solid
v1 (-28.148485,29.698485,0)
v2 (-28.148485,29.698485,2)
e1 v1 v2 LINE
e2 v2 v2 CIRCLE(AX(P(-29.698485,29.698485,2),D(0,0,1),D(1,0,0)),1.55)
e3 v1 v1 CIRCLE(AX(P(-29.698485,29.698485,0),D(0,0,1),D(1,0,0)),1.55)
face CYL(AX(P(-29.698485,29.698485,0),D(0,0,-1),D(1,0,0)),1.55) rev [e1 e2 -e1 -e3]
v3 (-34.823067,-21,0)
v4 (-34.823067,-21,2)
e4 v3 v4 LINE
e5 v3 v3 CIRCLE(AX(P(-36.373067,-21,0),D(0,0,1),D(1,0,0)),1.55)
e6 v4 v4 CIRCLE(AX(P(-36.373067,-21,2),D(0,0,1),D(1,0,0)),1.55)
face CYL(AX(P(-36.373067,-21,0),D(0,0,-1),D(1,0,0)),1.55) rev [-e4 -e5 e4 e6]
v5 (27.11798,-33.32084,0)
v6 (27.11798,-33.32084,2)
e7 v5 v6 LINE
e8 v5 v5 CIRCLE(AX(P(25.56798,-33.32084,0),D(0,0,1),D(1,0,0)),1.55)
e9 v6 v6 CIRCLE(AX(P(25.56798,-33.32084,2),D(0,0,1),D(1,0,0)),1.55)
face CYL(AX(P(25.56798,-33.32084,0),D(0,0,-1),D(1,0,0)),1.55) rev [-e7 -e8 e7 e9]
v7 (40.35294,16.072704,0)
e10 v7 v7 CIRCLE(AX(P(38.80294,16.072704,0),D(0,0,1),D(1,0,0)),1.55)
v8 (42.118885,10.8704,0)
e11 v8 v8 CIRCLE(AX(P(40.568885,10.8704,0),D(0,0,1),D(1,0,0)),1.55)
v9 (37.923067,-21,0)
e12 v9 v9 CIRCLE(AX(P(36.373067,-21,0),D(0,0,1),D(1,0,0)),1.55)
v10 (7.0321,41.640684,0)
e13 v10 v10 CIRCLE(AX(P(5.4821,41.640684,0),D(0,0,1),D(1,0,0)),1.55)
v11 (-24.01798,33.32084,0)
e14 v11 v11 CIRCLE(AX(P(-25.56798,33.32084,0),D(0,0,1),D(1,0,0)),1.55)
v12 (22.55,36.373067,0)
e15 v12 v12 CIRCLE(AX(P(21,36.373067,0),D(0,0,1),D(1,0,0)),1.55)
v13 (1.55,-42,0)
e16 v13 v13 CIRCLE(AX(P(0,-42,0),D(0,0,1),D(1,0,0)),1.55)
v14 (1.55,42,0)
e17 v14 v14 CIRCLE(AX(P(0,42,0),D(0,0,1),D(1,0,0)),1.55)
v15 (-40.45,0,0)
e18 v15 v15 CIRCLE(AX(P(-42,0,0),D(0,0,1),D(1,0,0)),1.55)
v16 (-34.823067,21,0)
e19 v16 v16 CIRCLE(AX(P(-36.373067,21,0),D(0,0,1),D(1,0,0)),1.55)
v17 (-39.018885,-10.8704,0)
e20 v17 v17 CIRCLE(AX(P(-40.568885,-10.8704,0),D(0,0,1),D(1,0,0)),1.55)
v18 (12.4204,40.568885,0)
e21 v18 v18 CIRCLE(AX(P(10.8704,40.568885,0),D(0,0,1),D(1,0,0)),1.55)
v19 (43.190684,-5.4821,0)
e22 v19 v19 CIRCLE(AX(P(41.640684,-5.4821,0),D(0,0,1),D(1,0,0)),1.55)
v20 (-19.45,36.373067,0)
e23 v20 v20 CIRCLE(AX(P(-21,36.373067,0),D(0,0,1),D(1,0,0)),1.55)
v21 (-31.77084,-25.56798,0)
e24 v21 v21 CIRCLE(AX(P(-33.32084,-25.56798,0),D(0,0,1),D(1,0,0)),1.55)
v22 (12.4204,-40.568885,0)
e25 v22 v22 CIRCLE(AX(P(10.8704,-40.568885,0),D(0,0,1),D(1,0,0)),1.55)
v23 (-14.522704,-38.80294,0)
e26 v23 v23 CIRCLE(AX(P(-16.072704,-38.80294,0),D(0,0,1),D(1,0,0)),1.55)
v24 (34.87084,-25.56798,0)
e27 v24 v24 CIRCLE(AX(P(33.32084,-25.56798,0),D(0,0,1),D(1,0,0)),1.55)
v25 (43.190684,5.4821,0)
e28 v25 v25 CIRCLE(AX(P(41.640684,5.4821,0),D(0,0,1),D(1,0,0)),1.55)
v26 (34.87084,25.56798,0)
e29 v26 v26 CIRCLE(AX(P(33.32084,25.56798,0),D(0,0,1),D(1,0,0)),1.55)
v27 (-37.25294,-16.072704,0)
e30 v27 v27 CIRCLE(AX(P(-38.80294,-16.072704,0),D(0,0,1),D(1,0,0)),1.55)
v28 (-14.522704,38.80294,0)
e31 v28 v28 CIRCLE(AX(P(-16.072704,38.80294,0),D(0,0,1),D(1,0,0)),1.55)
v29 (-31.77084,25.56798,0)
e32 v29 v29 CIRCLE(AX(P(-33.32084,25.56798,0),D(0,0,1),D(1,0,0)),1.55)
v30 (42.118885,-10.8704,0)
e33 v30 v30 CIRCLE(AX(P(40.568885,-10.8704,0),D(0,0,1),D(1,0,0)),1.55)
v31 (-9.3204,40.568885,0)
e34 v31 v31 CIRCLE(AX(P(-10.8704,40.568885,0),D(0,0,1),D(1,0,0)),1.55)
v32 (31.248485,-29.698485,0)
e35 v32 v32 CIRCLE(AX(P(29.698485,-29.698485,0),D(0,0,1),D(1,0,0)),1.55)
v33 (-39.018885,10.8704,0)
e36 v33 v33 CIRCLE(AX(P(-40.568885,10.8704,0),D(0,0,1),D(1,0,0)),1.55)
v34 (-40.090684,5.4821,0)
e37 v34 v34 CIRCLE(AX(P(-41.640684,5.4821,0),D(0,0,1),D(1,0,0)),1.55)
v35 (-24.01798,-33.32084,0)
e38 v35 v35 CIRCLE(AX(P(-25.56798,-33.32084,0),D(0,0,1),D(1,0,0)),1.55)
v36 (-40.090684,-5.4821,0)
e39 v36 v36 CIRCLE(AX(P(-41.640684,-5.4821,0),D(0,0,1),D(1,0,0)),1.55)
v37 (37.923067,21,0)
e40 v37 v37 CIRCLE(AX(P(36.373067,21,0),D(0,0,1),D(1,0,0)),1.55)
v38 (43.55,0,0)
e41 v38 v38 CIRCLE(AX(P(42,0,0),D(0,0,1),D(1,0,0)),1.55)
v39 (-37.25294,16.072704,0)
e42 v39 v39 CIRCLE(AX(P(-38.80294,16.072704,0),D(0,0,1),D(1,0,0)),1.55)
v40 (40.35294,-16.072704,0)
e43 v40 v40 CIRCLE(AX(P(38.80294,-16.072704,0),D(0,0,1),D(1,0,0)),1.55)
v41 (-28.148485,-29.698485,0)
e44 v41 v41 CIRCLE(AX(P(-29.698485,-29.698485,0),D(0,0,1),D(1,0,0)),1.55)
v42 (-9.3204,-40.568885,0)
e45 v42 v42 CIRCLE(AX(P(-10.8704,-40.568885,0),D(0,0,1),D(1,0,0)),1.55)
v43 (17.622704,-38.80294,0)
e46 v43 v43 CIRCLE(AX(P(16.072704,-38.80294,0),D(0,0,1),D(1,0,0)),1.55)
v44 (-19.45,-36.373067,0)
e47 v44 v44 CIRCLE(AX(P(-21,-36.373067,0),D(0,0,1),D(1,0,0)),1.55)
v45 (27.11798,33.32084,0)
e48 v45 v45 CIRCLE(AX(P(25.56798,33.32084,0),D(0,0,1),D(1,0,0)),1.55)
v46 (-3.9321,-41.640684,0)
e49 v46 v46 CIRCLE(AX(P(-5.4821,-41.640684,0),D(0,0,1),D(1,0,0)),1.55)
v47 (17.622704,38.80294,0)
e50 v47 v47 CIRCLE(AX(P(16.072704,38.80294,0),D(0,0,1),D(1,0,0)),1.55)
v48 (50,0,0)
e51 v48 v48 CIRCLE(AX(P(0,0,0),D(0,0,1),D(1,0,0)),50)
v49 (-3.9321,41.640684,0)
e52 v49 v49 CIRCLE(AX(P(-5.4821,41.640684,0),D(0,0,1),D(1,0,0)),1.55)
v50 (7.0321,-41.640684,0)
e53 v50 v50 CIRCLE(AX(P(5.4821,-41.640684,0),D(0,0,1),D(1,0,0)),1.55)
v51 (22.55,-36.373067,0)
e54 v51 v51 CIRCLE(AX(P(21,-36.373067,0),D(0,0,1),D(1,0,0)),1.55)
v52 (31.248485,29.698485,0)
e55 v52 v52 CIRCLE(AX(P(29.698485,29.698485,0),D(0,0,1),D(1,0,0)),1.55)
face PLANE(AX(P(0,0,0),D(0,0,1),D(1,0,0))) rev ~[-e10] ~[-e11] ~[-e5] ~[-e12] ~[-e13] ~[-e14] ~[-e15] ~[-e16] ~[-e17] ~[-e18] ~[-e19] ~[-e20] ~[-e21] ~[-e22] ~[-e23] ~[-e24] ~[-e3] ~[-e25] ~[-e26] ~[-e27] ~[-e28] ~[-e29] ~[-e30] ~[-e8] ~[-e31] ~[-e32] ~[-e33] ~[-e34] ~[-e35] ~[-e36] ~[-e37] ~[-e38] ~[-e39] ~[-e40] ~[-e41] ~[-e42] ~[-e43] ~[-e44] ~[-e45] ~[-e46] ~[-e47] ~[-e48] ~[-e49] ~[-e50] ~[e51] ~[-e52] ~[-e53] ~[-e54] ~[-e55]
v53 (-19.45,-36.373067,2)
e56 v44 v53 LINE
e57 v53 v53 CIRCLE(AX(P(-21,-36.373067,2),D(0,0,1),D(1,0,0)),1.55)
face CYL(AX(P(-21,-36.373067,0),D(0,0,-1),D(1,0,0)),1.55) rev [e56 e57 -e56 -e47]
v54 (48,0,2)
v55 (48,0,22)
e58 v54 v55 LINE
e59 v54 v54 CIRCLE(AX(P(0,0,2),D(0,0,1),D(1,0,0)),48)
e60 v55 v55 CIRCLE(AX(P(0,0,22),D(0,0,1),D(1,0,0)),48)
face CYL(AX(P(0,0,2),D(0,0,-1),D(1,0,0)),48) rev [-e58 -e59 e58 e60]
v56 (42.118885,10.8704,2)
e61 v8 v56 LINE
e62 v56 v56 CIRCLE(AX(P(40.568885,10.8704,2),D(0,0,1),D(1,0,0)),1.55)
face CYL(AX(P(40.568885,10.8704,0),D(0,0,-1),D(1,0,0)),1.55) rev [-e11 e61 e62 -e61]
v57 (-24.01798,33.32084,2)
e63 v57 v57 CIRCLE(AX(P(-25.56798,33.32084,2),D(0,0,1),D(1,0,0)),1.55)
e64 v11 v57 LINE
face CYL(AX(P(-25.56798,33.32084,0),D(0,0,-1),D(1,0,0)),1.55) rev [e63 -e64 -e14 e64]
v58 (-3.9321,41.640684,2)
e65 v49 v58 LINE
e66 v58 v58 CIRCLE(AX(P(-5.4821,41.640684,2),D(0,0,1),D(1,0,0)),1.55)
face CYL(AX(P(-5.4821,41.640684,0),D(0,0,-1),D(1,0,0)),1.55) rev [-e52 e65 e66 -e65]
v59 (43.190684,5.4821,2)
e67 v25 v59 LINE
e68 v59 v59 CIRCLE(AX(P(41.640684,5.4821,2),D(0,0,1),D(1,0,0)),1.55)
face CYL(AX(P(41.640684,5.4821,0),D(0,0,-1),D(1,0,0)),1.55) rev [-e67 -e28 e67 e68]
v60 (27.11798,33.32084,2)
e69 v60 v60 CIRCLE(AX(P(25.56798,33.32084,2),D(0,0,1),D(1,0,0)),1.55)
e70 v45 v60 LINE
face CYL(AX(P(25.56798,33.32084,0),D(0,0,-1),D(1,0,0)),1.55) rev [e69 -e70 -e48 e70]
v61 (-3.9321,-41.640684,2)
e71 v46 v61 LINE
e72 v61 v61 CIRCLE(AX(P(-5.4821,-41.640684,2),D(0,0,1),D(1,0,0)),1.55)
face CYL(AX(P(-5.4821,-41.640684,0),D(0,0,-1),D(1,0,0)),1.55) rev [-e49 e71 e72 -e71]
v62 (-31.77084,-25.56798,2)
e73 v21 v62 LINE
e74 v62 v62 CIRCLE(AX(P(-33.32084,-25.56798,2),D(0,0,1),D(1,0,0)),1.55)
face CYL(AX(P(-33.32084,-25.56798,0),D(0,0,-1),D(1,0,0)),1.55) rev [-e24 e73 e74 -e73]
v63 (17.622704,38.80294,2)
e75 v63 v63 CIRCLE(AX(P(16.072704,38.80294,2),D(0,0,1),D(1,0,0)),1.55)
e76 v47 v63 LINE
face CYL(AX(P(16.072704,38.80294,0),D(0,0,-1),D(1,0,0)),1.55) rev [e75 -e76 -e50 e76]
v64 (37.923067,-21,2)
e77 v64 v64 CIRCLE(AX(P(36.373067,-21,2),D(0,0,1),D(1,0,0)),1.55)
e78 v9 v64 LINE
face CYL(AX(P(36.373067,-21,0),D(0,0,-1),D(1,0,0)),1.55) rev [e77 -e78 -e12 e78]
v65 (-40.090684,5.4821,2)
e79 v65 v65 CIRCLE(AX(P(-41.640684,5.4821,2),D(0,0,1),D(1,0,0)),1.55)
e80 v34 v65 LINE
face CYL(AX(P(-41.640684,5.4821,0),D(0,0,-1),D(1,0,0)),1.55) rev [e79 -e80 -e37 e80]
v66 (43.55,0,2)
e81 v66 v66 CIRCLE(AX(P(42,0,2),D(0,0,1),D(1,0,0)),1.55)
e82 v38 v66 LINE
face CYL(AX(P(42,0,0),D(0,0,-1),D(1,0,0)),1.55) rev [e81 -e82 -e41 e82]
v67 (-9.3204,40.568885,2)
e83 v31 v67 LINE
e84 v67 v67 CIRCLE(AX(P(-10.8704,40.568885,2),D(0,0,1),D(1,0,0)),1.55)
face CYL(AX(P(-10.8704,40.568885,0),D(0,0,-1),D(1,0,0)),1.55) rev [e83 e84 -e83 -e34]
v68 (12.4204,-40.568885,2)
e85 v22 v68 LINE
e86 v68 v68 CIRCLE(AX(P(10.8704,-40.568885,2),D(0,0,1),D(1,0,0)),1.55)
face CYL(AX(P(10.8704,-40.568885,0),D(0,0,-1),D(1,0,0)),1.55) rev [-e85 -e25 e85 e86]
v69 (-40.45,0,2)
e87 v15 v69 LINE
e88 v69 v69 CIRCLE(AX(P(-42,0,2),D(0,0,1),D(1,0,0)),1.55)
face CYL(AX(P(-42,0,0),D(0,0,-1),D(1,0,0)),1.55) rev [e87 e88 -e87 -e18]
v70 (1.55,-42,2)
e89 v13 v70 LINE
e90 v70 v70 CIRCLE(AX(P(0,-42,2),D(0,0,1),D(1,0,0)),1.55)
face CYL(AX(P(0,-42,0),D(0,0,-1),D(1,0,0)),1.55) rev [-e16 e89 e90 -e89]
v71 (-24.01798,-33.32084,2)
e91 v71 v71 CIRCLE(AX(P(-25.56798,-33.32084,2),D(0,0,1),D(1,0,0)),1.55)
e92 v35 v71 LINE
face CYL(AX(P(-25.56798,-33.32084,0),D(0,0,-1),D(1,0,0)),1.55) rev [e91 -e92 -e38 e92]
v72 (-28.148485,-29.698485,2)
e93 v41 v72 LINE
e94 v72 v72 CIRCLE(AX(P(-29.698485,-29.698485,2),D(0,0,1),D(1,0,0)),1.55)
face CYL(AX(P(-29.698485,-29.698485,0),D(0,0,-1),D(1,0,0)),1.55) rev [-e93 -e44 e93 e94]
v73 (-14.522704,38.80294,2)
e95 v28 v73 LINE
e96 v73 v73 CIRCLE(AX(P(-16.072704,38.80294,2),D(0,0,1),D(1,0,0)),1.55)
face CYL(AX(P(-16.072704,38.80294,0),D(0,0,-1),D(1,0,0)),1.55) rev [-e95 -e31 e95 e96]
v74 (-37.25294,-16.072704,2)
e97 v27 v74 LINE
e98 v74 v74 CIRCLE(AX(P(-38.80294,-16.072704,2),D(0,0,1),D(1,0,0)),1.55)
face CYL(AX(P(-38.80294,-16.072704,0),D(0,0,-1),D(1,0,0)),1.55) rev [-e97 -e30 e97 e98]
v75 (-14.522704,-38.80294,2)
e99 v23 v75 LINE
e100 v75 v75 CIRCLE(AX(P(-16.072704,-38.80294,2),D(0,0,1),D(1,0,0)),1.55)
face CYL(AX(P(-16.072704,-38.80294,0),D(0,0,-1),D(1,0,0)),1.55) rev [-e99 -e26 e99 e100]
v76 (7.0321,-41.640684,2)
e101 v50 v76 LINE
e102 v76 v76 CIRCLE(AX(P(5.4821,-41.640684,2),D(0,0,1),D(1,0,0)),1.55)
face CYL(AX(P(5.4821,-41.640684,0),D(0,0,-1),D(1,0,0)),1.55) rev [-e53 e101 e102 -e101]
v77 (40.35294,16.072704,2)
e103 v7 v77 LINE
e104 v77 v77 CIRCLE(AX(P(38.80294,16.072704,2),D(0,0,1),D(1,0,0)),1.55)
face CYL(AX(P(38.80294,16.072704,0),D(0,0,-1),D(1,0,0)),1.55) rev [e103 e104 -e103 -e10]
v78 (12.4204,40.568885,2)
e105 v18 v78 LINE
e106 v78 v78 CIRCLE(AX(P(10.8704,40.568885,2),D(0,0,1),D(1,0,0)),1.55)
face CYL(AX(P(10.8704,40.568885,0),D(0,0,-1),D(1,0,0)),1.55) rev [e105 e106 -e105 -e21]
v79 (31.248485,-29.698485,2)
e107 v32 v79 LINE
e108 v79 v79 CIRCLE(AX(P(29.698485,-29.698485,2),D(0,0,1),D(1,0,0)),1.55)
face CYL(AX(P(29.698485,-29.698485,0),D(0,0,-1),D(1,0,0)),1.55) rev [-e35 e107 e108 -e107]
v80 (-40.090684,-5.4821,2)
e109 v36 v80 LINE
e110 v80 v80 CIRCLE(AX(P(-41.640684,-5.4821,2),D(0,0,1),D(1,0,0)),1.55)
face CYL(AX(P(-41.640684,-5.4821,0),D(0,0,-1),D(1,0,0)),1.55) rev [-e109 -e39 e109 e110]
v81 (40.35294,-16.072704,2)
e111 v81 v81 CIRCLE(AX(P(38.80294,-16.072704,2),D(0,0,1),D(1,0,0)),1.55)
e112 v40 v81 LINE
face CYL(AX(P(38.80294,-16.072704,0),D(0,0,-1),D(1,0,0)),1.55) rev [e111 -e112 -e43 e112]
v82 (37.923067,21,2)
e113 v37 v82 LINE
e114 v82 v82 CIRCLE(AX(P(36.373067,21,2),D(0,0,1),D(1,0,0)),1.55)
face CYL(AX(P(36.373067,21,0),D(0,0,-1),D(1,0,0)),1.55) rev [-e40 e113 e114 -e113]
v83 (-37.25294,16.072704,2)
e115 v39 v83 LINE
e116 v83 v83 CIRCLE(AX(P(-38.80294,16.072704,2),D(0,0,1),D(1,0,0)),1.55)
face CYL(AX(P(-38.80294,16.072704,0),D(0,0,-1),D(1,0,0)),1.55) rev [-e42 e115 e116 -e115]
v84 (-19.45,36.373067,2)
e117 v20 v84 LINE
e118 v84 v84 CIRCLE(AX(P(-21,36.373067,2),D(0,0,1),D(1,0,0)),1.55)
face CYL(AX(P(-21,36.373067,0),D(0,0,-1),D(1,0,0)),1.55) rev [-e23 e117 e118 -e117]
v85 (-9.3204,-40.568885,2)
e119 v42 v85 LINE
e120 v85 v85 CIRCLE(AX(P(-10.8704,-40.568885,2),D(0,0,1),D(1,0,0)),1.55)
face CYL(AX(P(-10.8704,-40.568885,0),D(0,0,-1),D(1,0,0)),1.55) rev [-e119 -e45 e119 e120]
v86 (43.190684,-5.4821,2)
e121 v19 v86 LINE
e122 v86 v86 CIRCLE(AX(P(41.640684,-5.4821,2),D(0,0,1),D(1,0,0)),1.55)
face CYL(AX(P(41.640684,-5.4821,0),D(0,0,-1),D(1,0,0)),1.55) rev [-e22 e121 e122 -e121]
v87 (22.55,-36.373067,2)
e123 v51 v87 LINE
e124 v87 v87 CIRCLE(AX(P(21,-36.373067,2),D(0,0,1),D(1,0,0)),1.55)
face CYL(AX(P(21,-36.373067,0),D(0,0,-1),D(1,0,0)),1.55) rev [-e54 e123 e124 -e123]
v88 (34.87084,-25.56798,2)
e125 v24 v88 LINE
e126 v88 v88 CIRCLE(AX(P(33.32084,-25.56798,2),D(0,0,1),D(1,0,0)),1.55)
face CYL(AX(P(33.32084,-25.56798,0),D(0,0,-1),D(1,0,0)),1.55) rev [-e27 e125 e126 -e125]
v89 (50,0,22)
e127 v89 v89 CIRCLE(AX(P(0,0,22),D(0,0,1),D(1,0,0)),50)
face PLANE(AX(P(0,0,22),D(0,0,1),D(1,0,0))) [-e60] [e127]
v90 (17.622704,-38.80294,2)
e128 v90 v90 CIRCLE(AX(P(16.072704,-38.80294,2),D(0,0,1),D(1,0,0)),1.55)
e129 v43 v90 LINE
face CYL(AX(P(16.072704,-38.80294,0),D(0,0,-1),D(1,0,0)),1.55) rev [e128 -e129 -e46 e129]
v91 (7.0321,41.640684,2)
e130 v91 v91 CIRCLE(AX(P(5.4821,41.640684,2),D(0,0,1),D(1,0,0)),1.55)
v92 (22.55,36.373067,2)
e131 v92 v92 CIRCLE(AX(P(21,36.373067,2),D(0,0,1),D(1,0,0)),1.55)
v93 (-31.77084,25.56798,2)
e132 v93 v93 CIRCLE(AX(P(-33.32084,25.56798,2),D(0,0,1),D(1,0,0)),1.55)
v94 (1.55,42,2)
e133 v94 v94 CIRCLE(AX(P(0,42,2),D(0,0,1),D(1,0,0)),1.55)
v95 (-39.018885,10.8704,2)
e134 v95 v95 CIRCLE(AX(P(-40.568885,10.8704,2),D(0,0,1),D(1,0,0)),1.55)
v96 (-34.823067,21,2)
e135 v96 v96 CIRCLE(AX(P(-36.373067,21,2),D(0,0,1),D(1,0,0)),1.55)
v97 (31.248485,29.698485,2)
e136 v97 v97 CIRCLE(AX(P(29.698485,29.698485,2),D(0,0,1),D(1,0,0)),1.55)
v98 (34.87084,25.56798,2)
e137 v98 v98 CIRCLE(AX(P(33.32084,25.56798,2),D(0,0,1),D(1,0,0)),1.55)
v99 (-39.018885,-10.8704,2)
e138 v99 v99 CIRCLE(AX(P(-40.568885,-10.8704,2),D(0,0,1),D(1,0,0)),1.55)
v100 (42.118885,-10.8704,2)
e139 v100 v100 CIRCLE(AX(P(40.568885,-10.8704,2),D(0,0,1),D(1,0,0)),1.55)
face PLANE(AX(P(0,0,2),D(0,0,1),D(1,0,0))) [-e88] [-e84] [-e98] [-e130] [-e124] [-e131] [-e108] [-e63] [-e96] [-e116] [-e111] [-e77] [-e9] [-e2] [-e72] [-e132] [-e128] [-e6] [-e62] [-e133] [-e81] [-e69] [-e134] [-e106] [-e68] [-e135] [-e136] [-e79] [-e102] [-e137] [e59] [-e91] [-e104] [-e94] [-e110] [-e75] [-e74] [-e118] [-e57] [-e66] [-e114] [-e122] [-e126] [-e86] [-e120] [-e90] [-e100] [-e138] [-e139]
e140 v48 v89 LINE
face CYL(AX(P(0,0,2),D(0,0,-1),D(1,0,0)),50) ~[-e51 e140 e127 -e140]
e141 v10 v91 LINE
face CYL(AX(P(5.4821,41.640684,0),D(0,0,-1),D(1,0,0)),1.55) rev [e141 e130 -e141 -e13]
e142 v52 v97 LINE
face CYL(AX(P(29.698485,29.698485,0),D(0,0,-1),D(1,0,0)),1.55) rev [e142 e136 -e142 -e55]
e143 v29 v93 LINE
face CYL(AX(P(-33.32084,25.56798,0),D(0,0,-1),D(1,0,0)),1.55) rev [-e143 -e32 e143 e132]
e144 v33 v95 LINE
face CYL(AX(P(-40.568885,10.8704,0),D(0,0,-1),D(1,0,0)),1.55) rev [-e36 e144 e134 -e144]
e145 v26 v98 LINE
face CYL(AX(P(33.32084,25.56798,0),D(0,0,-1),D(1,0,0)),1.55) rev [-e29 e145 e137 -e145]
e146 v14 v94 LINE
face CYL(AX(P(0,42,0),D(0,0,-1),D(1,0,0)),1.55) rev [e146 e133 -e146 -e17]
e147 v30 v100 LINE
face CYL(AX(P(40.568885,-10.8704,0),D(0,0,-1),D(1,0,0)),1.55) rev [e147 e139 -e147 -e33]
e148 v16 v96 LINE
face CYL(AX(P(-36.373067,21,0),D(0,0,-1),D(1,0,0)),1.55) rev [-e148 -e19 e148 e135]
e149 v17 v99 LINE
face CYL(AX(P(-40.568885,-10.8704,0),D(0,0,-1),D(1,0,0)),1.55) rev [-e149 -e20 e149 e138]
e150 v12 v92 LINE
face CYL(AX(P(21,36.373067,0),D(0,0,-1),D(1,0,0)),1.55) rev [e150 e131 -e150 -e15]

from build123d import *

# Parameters (mm, degrees)
F0_R     = 50
F0_R_2   = 1.55
F1_DEPTH = 2
F2_R     = 50
F2_R_2   = 48
F3_DEPTH = 20


with BuildPart() as f1:
    # F0 (on Top) → F1 (new body)
    with BuildSketch(Plane.XY):
        Circle(F0_R)
        with Locations((-25.56798, -33.32084)):
            Circle(F0_R_2, mode=Mode.SUBTRACT)
        with Locations((-33.32084, -25.56798)):
            Circle(F0_R_2, mode=Mode.SUBTRACT)
        with Locations((-29.698485, -29.698485)):
            Circle(F0_R_2, mode=Mode.SUBTRACT)
        with Locations((-16.072704, -38.80294)):
            Circle(F0_R_2, mode=Mode.SUBTRACT)
        with Locations((-10.8704, -40.568885)):
            Circle(F0_R_2, mode=Mode.SUBTRACT)
        with Locations((-5.4821, -41.640684)):
            Circle(F0_R_2, mode=Mode.SUBTRACT)
        with Locations((-21, -36.373067)):
            Circle(F0_R_2, mode=Mode.SUBTRACT)
        with Locations((-38.80294, -16.072704)):
            Circle(F0_R_2, mode=Mode.SUBTRACT)
        with Locations((-36.373067, -21)):
            Circle(F0_R_2, mode=Mode.SUBTRACT)
        with Locations((-40.568885, -10.8704)):
            Circle(F0_R_2, mode=Mode.SUBTRACT)
        with Locations((-41.640684, -5.4821)):
            Circle(F0_R_2, mode=Mode.SUBTRACT)
        with Locations((0, -42)):
            Circle(F0_R_2, mode=Mode.SUBTRACT)
        with Locations((5.4821, -41.640684)):
            Circle(F0_R_2, mode=Mode.SUBTRACT)
        with Locations((10.8704, -40.568885)):
            Circle(F0_R_2, mode=Mode.SUBTRACT)
        with Locations((16.072704, -38.80294)):
            Circle(F0_R_2, mode=Mode.SUBTRACT)
        with Locations((21, -36.373067)):
            Circle(F0_R_2, mode=Mode.SUBTRACT)
        with Locations((25.56798, -33.32084)):
            Circle(F0_R_2, mode=Mode.SUBTRACT)
        with Locations((29.698485, -29.698485)):
            Circle(F0_R_2, mode=Mode.SUBTRACT)
        with Locations((33.32084, -25.56798)):
            Circle(F0_R_2, mode=Mode.SUBTRACT)
        with Locations((36.373067, -21)):
            Circle(F0_R_2, mode=Mode.SUBTRACT)
        with Locations((38.80294, -16.072704)):
            Circle(F0_R_2, mode=Mode.SUBTRACT)
        with Locations((40.568885, -10.8704)):
            Circle(F0_R_2, mode=Mode.SUBTRACT)
        with Locations((41.640684, -5.4821)):
            Circle(F0_R_2, mode=Mode.SUBTRACT)
        with Locations((-42, 0)):
            Circle(F0_R_2, mode=Mode.SUBTRACT)
        with Locations((-41.640684, 5.4821)):
            Circle(F0_R_2, mode=Mode.SUBTRACT)
        with Locations((-40.568885, 10.8704)):
            Circle(F0_R_2, mode=Mode.SUBTRACT)
        with Locations((-38.80294, 16.072704)):
            Circle(F0_R_2, mode=Mode.SUBTRACT)
        with Locations((-36.373067, 21)):
            Circle(F0_R_2, mode=Mode.SUBTRACT)
        with Locations((-33.32084, 25.56798)):
            Circle(F0_R_2, mode=Mode.SUBTRACT)
        with Locations((-29.698485, 29.698485)):
            Circle(F0_R_2, mode=Mode.SUBTRACT)
        with Locations((-25.56798, 33.32084)):
            Circle(F0_R_2, mode=Mode.SUBTRACT)
        with Locations((-21, 36.373067)):
            Circle(F0_R_2, mode=Mode.SUBTRACT)
        with Locations((-16.072704, 38.80294)):
            Circle(F0_R_2, mode=Mode.SUBTRACT)
        with Locations((-10.8704, 40.568885)):
            Circle(F0_R_2, mode=Mode.SUBTRACT)
        with Locations((-5.4821, 41.640684)):
            Circle(F0_R_2, mode=Mode.SUBTRACT)
        with Locations((42, 0)):
            Circle(F0_R_2, mode=Mode.SUBTRACT)
        with Locations((41.640684, 5.4821)):
            Circle(F0_R_2, mode=Mode.SUBTRACT)
        with Locations((40.568885, 10.8704)):
            Circle(F0_R_2, mode=Mode.SUBTRACT)
        with Locations((36.373067, 21)):
            Circle(F0_R_2, mode=Mode.SUBTRACT)
        with Locations((38.80294, 16.072704)):
            Circle(F0_R_2, mode=Mode.SUBTRACT)
        with Locations((21, 36.373067)):
            Circle(F0_R_2, mode=Mode.SUBTRACT)
        with Locations((0, 42)):
            Circle(F0_R_2, mode=Mode.SUBTRACT)
        with Locations((5.4821, 41.640684)):
            Circle(F0_R_2, mode=Mode.SUBTRACT)
        with Locations((10.8704, 40.568885)):
            Circle(F0_R_2, mode=Mode.SUBTRACT)
        with Locations((16.072704, 38.80294)):
            Circle(F0_R_2, mode=Mode.SUBTRACT)
        with Locations((29.698485, 29.698485)):
            Circle(F0_R_2, mode=Mode.SUBTRACT)
        with Locations((33.32084, 25.56798)):
            Circle(F0_R_2, mode=Mode.SUBTRACT)
        with Locations((25.56798, 33.32084)):
            Circle(F0_R_2, mode=Mode.SUBTRACT)
    extrude(amount=F1_DEPTH)

    # F2 (on face) → F3 (join)
    with BuildSketch(Plane.XY.offset(2)):
        Circle(F2_R)
        Circle(F2_R_2, mode=Mode.SUBTRACT)
    extrude(amount=F3_DEPTH)


solid = f1.part
